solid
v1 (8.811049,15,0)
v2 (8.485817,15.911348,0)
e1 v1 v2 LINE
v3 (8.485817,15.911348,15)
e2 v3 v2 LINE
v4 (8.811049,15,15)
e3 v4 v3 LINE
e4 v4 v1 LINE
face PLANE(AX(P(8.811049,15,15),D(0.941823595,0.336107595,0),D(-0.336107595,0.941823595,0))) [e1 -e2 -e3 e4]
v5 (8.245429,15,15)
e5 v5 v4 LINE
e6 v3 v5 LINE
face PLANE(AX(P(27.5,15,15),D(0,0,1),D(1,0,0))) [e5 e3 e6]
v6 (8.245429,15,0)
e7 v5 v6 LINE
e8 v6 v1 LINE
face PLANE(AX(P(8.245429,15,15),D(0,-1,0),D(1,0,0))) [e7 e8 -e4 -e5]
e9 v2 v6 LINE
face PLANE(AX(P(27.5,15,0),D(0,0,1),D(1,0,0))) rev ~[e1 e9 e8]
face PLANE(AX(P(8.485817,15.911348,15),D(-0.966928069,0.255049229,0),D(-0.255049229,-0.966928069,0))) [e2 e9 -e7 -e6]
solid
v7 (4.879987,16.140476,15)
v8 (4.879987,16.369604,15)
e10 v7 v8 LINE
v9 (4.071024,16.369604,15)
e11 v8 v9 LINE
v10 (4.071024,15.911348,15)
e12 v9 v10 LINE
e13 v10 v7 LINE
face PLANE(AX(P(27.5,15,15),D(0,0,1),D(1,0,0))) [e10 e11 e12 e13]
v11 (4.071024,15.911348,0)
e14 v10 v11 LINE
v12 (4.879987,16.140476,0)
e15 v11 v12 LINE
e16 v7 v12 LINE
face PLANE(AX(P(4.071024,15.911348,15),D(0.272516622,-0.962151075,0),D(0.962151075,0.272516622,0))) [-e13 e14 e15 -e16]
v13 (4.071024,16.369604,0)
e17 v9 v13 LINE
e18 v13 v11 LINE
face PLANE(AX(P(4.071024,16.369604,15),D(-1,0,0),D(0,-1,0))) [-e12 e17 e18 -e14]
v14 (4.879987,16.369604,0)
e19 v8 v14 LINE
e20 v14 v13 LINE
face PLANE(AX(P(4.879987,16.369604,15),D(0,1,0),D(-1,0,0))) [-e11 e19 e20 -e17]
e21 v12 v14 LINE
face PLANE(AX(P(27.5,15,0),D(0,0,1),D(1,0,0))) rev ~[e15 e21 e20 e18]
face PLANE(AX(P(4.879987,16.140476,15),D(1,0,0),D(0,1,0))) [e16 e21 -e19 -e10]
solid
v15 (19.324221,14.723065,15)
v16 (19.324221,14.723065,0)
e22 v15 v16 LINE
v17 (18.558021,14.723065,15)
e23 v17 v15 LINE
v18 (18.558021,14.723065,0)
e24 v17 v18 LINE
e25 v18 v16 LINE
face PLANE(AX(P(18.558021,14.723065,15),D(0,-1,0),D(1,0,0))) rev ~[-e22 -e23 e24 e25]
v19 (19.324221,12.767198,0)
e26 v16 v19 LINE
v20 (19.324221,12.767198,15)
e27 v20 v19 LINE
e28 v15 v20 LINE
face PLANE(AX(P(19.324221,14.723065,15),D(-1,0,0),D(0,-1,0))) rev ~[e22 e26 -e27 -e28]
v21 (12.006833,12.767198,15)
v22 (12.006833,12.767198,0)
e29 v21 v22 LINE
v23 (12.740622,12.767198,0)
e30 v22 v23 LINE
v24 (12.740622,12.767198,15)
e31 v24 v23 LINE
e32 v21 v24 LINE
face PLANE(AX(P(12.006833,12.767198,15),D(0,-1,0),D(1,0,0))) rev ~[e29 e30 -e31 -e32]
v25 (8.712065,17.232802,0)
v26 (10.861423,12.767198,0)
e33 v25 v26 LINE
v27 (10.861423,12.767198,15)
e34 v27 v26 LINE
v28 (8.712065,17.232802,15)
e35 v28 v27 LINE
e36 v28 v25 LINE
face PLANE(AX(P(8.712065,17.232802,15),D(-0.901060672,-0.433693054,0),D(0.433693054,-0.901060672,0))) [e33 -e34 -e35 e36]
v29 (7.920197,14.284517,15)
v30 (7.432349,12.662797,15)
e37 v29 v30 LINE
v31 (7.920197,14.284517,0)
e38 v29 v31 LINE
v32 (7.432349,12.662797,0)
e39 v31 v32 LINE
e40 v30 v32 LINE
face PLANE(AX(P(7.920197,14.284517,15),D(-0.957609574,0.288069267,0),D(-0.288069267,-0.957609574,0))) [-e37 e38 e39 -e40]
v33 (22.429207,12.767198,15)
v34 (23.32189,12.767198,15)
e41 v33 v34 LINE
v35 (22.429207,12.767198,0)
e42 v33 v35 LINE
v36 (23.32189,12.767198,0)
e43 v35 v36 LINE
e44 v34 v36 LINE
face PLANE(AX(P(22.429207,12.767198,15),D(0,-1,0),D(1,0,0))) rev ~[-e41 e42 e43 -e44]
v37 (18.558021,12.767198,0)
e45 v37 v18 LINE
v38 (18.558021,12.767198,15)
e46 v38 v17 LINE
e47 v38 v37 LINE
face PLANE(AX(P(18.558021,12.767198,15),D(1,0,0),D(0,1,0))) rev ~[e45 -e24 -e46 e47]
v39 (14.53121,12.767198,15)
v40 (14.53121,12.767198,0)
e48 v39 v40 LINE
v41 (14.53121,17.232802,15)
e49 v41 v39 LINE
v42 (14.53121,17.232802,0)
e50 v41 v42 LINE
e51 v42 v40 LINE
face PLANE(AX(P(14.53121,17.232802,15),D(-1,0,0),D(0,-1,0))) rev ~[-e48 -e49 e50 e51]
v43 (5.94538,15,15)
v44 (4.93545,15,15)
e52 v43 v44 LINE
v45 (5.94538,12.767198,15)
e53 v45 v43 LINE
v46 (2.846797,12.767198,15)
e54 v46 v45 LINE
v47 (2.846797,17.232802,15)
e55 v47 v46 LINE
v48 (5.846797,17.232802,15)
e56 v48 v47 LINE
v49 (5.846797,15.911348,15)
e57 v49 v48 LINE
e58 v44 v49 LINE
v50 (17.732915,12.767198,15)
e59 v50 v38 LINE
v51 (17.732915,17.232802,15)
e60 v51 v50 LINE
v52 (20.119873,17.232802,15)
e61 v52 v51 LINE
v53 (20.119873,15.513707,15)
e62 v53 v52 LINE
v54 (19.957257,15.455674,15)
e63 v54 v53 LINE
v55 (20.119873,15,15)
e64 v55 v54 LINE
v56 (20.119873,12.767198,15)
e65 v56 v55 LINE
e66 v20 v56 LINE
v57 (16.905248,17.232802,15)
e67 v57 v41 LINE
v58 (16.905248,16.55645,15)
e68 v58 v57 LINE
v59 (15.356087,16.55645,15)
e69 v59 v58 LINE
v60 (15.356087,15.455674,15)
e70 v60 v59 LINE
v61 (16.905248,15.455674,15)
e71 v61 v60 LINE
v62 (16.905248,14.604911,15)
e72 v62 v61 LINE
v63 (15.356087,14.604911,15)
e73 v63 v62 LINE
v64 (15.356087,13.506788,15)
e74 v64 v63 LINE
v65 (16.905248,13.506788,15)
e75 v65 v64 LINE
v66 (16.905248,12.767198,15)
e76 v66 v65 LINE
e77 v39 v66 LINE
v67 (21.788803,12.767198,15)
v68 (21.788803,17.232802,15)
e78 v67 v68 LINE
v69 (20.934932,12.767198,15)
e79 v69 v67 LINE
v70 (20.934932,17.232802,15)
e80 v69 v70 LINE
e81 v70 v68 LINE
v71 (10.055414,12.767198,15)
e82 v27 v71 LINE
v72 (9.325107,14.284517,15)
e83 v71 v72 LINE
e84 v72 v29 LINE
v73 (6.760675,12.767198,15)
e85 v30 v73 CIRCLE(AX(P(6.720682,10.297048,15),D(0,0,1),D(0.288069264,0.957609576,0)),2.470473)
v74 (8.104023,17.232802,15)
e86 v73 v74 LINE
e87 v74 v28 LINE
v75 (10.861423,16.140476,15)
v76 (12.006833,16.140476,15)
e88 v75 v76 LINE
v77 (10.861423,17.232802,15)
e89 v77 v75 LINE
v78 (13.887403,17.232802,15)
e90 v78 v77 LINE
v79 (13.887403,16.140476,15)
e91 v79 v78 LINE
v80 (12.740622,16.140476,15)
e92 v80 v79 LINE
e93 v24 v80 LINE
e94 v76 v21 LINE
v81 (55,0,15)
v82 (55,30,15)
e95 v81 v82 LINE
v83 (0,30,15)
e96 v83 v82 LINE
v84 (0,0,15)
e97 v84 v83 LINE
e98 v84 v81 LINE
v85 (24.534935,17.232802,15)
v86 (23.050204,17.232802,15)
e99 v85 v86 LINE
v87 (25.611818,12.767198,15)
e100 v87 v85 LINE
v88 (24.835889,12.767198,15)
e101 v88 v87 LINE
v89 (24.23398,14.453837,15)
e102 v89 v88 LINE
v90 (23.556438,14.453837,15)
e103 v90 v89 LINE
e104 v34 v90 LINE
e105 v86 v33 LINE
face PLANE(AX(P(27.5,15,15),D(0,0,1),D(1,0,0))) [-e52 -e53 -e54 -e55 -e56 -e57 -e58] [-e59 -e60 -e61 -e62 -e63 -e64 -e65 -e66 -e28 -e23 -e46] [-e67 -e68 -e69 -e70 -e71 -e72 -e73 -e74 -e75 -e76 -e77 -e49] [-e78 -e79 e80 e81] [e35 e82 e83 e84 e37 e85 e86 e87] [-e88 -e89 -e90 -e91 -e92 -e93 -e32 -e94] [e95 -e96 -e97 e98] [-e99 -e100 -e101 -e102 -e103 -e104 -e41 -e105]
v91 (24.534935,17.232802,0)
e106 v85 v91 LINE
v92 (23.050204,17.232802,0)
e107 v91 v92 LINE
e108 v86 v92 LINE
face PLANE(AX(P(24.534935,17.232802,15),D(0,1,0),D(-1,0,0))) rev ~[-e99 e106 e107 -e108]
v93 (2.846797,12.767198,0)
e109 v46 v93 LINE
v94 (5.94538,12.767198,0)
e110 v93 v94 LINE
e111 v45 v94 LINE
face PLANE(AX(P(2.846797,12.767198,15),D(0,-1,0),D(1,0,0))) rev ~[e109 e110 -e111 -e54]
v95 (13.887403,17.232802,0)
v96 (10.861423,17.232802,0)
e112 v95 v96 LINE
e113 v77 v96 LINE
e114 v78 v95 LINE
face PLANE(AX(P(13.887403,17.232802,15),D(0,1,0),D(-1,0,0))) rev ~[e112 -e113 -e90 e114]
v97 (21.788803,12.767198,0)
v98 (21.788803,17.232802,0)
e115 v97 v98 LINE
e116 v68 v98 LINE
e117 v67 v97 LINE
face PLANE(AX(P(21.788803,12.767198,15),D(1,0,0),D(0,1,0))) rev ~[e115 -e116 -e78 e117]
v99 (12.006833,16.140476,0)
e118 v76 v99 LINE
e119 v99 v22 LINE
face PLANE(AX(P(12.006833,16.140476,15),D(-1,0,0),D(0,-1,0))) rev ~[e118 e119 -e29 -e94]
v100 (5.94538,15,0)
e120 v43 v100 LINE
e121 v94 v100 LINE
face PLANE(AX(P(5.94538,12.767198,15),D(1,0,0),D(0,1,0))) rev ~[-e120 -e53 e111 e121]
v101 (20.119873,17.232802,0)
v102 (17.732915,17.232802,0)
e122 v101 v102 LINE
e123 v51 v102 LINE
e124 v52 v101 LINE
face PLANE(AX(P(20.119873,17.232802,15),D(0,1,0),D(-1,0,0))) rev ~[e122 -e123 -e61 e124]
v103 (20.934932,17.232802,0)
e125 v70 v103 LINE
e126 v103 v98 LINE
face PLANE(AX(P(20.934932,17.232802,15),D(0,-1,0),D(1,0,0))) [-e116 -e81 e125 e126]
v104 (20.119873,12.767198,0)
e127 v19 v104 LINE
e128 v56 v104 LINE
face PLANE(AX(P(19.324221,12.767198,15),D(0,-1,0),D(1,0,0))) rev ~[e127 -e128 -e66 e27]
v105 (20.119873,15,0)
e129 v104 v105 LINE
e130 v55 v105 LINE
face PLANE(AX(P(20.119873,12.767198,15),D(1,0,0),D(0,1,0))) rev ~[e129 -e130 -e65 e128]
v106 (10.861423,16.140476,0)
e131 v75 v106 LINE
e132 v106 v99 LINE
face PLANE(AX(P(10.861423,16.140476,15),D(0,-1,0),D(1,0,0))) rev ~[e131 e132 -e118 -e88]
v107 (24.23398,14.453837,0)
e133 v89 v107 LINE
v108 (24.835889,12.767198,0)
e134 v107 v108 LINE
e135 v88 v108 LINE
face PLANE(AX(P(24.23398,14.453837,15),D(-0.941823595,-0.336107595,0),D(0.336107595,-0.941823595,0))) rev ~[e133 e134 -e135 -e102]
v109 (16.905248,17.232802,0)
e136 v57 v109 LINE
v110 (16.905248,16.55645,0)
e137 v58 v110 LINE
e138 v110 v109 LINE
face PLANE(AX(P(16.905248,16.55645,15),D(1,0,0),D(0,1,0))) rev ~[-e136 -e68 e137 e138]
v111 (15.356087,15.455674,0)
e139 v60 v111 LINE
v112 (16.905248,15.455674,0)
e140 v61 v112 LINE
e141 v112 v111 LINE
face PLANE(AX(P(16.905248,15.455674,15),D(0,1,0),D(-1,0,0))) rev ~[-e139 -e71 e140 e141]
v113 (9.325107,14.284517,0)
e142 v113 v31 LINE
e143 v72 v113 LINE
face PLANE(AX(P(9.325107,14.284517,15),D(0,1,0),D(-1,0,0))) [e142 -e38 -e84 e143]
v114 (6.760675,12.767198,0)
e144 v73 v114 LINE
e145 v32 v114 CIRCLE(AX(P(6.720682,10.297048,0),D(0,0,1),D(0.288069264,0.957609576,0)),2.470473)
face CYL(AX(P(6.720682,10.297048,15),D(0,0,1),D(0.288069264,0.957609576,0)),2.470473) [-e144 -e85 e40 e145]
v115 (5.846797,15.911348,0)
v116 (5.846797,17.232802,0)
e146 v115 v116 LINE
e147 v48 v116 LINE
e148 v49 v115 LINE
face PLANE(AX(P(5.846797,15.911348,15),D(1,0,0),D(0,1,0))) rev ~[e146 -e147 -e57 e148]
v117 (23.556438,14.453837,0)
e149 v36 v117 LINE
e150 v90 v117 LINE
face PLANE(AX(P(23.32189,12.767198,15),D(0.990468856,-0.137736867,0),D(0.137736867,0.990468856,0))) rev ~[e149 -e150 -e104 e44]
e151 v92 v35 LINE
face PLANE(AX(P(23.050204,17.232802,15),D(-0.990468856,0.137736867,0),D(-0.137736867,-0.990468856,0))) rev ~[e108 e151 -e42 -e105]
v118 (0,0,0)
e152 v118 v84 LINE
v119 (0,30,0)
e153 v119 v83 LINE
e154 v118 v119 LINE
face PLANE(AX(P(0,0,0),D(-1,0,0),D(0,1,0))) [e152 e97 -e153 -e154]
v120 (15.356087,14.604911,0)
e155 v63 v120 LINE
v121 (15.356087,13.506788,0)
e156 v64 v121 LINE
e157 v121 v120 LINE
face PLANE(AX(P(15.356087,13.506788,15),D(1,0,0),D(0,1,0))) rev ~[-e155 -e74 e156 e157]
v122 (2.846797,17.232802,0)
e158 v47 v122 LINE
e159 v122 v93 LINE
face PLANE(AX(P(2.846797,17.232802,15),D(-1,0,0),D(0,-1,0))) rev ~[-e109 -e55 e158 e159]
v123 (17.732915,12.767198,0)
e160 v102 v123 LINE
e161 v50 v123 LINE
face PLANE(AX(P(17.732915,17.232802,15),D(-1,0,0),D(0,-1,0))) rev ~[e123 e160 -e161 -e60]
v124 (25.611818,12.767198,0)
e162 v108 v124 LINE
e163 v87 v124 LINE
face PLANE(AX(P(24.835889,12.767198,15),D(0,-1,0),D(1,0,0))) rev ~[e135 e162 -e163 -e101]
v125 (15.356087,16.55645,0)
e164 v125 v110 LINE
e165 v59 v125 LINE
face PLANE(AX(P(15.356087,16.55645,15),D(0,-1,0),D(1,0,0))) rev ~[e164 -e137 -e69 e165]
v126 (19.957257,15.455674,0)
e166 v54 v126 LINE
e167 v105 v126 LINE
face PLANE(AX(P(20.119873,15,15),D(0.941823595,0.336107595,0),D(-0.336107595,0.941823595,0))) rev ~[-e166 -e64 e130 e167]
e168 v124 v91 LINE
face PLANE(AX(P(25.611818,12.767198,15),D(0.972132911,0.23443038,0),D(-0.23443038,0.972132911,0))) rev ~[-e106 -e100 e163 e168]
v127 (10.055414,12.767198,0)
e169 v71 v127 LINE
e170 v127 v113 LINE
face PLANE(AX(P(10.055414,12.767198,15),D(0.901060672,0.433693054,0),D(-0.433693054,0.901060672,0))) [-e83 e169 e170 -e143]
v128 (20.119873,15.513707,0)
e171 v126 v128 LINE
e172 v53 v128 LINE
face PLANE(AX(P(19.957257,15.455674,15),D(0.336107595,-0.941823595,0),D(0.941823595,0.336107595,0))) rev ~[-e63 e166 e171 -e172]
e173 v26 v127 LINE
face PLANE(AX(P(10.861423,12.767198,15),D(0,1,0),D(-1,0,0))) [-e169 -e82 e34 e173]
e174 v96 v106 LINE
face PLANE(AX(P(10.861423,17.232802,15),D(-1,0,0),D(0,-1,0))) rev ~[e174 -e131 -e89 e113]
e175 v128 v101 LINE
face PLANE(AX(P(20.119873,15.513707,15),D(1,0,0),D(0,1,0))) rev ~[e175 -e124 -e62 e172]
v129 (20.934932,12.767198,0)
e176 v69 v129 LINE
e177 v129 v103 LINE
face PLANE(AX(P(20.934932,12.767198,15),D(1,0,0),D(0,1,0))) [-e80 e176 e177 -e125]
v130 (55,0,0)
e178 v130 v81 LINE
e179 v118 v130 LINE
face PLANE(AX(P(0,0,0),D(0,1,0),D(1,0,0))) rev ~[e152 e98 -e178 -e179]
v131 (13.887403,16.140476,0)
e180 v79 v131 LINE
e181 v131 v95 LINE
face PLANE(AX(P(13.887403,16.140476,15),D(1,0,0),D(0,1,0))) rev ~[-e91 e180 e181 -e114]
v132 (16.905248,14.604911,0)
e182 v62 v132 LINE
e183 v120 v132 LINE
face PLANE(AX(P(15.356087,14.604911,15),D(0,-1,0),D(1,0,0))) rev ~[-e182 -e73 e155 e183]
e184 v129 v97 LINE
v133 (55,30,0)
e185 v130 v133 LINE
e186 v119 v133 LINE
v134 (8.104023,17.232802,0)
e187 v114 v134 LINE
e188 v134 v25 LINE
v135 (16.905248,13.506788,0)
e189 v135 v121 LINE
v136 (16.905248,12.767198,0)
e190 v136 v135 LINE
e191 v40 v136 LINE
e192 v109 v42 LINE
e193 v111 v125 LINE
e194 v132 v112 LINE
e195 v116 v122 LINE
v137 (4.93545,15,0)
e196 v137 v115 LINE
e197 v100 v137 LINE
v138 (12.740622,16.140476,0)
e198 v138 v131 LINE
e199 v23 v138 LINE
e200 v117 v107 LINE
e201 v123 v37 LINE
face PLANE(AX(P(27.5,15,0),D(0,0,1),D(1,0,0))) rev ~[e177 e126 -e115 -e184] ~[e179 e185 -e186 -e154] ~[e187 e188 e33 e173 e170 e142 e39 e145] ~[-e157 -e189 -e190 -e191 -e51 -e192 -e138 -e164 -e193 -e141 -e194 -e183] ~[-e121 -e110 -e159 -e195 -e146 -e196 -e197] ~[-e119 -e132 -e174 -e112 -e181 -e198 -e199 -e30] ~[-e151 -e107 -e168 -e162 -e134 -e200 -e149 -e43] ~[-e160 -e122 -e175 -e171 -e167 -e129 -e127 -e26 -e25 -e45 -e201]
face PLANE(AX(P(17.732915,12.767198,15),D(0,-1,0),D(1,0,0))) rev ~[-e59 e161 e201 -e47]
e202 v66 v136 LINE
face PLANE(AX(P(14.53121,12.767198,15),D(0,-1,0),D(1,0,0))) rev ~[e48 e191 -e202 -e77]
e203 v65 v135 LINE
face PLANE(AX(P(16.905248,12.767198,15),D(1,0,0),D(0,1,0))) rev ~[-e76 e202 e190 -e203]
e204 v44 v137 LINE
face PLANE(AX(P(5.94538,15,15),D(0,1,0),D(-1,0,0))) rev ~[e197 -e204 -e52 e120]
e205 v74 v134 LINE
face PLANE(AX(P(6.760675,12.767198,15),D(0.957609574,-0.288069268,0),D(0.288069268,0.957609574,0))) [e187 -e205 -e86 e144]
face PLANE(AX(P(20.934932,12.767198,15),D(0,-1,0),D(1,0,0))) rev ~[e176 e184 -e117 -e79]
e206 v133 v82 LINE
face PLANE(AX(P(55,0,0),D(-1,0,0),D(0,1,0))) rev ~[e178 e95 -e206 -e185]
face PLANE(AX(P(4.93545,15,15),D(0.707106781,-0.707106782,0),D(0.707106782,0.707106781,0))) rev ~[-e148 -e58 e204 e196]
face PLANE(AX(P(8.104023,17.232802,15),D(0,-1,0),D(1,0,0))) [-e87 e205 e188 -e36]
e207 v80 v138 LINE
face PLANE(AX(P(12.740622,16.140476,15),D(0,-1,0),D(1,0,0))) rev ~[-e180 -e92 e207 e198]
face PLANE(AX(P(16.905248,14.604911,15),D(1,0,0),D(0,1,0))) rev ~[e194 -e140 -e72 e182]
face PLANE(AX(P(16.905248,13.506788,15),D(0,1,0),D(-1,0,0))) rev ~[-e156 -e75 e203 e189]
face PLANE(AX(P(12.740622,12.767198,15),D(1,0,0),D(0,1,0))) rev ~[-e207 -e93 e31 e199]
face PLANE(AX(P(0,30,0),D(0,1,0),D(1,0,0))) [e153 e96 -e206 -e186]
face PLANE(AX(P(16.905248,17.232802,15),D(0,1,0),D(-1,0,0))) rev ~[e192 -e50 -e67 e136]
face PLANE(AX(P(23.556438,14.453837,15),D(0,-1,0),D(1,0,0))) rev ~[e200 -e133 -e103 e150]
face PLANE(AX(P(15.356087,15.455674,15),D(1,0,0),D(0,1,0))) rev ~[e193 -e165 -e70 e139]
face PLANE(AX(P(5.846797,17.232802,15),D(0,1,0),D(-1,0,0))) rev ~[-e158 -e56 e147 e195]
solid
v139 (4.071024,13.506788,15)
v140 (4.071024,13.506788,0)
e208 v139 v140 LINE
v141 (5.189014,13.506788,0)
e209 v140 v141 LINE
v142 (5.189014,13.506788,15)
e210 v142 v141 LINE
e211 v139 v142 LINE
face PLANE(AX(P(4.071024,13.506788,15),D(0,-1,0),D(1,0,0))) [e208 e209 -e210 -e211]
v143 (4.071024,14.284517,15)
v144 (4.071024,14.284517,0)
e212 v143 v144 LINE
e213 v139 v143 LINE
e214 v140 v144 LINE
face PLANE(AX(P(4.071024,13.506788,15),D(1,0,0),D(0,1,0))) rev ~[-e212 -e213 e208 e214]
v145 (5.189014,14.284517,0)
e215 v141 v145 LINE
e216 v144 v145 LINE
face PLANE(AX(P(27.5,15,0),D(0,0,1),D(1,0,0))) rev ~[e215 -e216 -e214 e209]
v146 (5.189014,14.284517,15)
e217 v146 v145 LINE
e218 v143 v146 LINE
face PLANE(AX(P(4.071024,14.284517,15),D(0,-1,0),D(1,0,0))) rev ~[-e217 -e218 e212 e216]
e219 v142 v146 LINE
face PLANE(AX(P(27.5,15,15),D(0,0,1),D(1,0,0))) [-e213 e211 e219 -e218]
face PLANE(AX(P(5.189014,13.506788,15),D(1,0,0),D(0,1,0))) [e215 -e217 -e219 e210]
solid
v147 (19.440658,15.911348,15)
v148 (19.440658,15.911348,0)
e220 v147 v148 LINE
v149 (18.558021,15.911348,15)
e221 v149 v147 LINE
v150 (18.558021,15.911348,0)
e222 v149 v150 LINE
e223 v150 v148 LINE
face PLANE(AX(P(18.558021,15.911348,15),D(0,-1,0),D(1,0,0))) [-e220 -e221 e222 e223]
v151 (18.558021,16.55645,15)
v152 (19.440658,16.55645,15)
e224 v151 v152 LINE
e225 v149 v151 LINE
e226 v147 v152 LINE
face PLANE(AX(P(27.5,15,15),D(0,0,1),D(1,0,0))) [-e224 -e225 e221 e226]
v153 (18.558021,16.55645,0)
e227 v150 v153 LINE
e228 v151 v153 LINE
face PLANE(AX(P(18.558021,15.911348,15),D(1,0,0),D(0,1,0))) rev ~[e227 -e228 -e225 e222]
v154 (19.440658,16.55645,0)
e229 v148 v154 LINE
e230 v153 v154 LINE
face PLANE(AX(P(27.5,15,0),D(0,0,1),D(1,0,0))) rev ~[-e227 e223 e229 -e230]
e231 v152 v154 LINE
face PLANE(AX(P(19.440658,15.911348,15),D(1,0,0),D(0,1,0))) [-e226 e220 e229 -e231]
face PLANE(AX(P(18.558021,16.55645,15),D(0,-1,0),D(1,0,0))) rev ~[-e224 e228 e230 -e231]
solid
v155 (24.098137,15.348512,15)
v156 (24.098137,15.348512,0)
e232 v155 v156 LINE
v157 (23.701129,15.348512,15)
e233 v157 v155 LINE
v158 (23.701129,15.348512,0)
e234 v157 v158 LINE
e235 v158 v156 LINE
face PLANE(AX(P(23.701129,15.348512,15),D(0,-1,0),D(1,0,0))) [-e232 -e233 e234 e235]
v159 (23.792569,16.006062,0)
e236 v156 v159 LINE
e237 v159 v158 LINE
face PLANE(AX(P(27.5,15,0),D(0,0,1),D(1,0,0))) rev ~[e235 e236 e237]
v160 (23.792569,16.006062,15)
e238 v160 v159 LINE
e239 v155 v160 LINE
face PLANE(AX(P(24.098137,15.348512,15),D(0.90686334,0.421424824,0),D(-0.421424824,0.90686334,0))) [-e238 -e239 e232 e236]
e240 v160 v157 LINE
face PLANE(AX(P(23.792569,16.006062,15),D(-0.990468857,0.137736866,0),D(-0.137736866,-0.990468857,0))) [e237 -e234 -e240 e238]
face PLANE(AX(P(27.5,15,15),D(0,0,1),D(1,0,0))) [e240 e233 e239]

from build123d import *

# Parameters (mm, degrees)
ESBO_O1_W                = 55
ESBO_O1_H                = 30
RESSALTO_EXTRUS_O1_DEPTH = 15
ESBO_O2_W                = 1.117989905
ESBO_O2_H                = 0.777728151
ESBO_O2_W_2              = 0.882636654
ESBO_O2_H_2              = 0.645102453
ESBO_O2_W_3              = 0.853871188
ESBO_O2_H_3              = 4.4656048
CORTE_EXTRUS_O1_DEPTH    = 17


with BuildPart() as part:
    # Esboço1 → Ressalto-extrusão1 (new body)
    with BuildSketch(Plane.XY):
        with Locations((27.5, 15)):
            Rectangle(ESBO_O1_W, ESBO_O1_H)
    extrude(amount=RESSALTO_EXTRUS_O1_DEPTH)

    # Esboço2 → Corte-extrusão1 (cut)
    # profile 1 of 7: a face of its own
    with BuildSketch(Plane.XY.offset(15)):
        Polygon((2.846797453, 17.2328024), (2.846797453, 12.7671976), (5.945380375, 12.7671976), (5.945380375, 15), (4.935449534, 15), (5.846797453, 15.911347918), (5.846797453, 17.2328024), align=None)
        Polygon((4.071024043, 16.36960397), (4.071024043, 15.911347918), (4.879986722, 16.140475944), (4.879986722, 16.36960397), align=None, mode=Mode.SUBTRACT)
        with Locations((4.630018996, 13.895652484)):
            Rectangle(ESBO_O2_W, ESBO_O2_H, mode=Mode.SUBTRACT)
    # profile 2 of 7: a face of its own
    with BuildSketch(Plane.XY.offset(15)):
        with BuildLine():
            Line((6.760674797, 12.7671976), (8.104023421, 17.2328024))
            Line((8.104023421, 17.2328024), (8.71206543, 17.2328024))
            Line((8.71206543, 17.2328024), (10.861423229, 12.7671976))
            Line((10.861423229, 12.7671976), (10.055414055, 12.7671976))
            Line((10.055414055, 12.7671976), (9.325107303, 14.284516559))
            Line((9.325107303, 14.284516559), (7.920196767, 14.284516559))
            Line((7.920196767, 14.284516559), (7.432349109, 12.662796921))
            ThreePointArc((7.432349109, 12.662796921), (7.100119777, 12.73820863), (6.760674797, 12.7671976))
        make_face()
        Polygon((8.485817241, 15.911347918), (8.245428539, 15), (8.811049013, 15), align=None, mode=Mode.SUBTRACT)
    # profile 3 of 7: a face of its own
    with BuildSketch(Plane.XY.offset(15)):
        Polygon((10.861423229, 17.2328024), (10.861423229, 16.140475944), (12.006832655, 16.140475944), (12.006832655, 12.7671976), (12.740621995, 12.7671976), (12.740621995, 16.140475944), (13.887403005, 16.140475944), (13.887403005, 17.2328024), align=None)
    # profile 4 of 7: a face of its own
    with BuildSketch(Plane.XY.offset(15)):
        Polygon((14.531209888, 17.2328024), (14.531209888, 12.7671976), (16.905247768, 12.7671976), (16.905247768, 13.506788408), (15.356087456, 13.506788408), (15.356087456, 14.604910757), (16.905247768, 14.604910757), (16.905247768, 15.455673959), (15.356087456, 15.455673959), (15.356087456, 16.556450371), (16.905247768, 16.556450371), (16.905247768, 17.2328024), align=None)
    # profile 5 of 7: a face of its own
    with BuildSketch(Plane.XY.offset(15)):
        Polygon((17.732915234, 17.2328024), (17.732915234, 12.7671976), (18.558020956, 12.7671976), (18.558020956, 14.723064954), (19.32422063, 14.723064954), (19.32422063, 12.7671976), (20.119873327, 12.7671976), (20.119873327, 15), (19.957257441, 15.455673959), (20.119873327, 15.513706519), (20.119873327, 17.2328024), align=None)
        with Locations((18.999339283, 16.233899145)):
            Rectangle(ESBO_O2_W_2, ESBO_O2_H_2, mode=Mode.SUBTRACT)
    # profile 6 of 7: a face of its own
    with BuildSketch(Plane.XY.offset(15)):
        with Locations((21.361867782, 15)):
            Rectangle(ESBO_O2_W_3, ESBO_O2_H_3)
    # profile 7 of 7: a face of its own
    with BuildSketch(Plane.XY.offset(15)):
        Polygon((23.050203994, 17.2328024), (22.429206767, 12.7671976), (23.321890281, 12.7671976), (23.556438186, 14.453836772), (24.233979959, 14.453836772), (24.835889105, 12.7671976), (25.611817558, 12.7671976), (24.534934532, 17.2328024), align=None)
        Polygon((23.792569263, 16.006062165), (23.701128816, 15.348511883), (24.098136816, 15.348511883), align=None, mode=Mode.SUBTRACT)
    extrude(amount=-CORTE_EXTRUS_O1_DEPTH, mode=Mode.SUBTRACT)


with BuildPart() as corte_extrus_o1_piece_1:
    # of the separate pieces the step leaves, piece 1, a body of its own (corte_extrus_o1_pieces)
    add(part.part.solids().sort_by_distance((0, 0, 0))[0])


with BuildPart() as corte_extrus_o1_piece_2:
    # of the separate pieces the step leaves, piece 2, a body of its own (corte_extrus_o1_pieces)
    add(part.part.solids().sort_by_distance((5.189013948, 13.506788408, 0))[0])


with BuildPart() as corte_extrus_o1_piece_3:
    # of the separate pieces the step leaves, piece 3, a body of its own (corte_extrus_o1_pieces)
    add(part.part.solids().sort_by_distance((19.44065761, 15.911347918, 0))[0])


with BuildPart() as corte_extrus_o1_piece_4:
    # of the separate pieces the step leaves, piece 4, a body of its own (corte_extrus_o1_pieces)
    add(part.part.solids().sort_by_distance((4.879986722, 16.140475944, 0))[0])


with BuildPart() as corte_extrus_o1_piece_5:
    # of the separate pieces the step leaves, piece 5, a body of its own (corte_extrus_o1_pieces)
    add(part.part.solids().sort_by_distance((8.811049013, 15, 0))[0])


with BuildPart() as corte_extrus_o1_piece_6:
    # of the separate pieces the step leaves, piece 6, a body of its own (corte_extrus_o1_pieces)
    add(part.part.solids().sort_by_distance((23.701128816, 15.348511883, 0))[0])


solid = Compound([corte_extrus_o1_piece_1.part, corte_extrus_o1_piece_2.part, corte_extrus_o1_piece_3.part, corte_extrus_o1_piece_4.part, corte_extrus_o1_piece_5.part, corte_extrus_o1_piece_6.part])
